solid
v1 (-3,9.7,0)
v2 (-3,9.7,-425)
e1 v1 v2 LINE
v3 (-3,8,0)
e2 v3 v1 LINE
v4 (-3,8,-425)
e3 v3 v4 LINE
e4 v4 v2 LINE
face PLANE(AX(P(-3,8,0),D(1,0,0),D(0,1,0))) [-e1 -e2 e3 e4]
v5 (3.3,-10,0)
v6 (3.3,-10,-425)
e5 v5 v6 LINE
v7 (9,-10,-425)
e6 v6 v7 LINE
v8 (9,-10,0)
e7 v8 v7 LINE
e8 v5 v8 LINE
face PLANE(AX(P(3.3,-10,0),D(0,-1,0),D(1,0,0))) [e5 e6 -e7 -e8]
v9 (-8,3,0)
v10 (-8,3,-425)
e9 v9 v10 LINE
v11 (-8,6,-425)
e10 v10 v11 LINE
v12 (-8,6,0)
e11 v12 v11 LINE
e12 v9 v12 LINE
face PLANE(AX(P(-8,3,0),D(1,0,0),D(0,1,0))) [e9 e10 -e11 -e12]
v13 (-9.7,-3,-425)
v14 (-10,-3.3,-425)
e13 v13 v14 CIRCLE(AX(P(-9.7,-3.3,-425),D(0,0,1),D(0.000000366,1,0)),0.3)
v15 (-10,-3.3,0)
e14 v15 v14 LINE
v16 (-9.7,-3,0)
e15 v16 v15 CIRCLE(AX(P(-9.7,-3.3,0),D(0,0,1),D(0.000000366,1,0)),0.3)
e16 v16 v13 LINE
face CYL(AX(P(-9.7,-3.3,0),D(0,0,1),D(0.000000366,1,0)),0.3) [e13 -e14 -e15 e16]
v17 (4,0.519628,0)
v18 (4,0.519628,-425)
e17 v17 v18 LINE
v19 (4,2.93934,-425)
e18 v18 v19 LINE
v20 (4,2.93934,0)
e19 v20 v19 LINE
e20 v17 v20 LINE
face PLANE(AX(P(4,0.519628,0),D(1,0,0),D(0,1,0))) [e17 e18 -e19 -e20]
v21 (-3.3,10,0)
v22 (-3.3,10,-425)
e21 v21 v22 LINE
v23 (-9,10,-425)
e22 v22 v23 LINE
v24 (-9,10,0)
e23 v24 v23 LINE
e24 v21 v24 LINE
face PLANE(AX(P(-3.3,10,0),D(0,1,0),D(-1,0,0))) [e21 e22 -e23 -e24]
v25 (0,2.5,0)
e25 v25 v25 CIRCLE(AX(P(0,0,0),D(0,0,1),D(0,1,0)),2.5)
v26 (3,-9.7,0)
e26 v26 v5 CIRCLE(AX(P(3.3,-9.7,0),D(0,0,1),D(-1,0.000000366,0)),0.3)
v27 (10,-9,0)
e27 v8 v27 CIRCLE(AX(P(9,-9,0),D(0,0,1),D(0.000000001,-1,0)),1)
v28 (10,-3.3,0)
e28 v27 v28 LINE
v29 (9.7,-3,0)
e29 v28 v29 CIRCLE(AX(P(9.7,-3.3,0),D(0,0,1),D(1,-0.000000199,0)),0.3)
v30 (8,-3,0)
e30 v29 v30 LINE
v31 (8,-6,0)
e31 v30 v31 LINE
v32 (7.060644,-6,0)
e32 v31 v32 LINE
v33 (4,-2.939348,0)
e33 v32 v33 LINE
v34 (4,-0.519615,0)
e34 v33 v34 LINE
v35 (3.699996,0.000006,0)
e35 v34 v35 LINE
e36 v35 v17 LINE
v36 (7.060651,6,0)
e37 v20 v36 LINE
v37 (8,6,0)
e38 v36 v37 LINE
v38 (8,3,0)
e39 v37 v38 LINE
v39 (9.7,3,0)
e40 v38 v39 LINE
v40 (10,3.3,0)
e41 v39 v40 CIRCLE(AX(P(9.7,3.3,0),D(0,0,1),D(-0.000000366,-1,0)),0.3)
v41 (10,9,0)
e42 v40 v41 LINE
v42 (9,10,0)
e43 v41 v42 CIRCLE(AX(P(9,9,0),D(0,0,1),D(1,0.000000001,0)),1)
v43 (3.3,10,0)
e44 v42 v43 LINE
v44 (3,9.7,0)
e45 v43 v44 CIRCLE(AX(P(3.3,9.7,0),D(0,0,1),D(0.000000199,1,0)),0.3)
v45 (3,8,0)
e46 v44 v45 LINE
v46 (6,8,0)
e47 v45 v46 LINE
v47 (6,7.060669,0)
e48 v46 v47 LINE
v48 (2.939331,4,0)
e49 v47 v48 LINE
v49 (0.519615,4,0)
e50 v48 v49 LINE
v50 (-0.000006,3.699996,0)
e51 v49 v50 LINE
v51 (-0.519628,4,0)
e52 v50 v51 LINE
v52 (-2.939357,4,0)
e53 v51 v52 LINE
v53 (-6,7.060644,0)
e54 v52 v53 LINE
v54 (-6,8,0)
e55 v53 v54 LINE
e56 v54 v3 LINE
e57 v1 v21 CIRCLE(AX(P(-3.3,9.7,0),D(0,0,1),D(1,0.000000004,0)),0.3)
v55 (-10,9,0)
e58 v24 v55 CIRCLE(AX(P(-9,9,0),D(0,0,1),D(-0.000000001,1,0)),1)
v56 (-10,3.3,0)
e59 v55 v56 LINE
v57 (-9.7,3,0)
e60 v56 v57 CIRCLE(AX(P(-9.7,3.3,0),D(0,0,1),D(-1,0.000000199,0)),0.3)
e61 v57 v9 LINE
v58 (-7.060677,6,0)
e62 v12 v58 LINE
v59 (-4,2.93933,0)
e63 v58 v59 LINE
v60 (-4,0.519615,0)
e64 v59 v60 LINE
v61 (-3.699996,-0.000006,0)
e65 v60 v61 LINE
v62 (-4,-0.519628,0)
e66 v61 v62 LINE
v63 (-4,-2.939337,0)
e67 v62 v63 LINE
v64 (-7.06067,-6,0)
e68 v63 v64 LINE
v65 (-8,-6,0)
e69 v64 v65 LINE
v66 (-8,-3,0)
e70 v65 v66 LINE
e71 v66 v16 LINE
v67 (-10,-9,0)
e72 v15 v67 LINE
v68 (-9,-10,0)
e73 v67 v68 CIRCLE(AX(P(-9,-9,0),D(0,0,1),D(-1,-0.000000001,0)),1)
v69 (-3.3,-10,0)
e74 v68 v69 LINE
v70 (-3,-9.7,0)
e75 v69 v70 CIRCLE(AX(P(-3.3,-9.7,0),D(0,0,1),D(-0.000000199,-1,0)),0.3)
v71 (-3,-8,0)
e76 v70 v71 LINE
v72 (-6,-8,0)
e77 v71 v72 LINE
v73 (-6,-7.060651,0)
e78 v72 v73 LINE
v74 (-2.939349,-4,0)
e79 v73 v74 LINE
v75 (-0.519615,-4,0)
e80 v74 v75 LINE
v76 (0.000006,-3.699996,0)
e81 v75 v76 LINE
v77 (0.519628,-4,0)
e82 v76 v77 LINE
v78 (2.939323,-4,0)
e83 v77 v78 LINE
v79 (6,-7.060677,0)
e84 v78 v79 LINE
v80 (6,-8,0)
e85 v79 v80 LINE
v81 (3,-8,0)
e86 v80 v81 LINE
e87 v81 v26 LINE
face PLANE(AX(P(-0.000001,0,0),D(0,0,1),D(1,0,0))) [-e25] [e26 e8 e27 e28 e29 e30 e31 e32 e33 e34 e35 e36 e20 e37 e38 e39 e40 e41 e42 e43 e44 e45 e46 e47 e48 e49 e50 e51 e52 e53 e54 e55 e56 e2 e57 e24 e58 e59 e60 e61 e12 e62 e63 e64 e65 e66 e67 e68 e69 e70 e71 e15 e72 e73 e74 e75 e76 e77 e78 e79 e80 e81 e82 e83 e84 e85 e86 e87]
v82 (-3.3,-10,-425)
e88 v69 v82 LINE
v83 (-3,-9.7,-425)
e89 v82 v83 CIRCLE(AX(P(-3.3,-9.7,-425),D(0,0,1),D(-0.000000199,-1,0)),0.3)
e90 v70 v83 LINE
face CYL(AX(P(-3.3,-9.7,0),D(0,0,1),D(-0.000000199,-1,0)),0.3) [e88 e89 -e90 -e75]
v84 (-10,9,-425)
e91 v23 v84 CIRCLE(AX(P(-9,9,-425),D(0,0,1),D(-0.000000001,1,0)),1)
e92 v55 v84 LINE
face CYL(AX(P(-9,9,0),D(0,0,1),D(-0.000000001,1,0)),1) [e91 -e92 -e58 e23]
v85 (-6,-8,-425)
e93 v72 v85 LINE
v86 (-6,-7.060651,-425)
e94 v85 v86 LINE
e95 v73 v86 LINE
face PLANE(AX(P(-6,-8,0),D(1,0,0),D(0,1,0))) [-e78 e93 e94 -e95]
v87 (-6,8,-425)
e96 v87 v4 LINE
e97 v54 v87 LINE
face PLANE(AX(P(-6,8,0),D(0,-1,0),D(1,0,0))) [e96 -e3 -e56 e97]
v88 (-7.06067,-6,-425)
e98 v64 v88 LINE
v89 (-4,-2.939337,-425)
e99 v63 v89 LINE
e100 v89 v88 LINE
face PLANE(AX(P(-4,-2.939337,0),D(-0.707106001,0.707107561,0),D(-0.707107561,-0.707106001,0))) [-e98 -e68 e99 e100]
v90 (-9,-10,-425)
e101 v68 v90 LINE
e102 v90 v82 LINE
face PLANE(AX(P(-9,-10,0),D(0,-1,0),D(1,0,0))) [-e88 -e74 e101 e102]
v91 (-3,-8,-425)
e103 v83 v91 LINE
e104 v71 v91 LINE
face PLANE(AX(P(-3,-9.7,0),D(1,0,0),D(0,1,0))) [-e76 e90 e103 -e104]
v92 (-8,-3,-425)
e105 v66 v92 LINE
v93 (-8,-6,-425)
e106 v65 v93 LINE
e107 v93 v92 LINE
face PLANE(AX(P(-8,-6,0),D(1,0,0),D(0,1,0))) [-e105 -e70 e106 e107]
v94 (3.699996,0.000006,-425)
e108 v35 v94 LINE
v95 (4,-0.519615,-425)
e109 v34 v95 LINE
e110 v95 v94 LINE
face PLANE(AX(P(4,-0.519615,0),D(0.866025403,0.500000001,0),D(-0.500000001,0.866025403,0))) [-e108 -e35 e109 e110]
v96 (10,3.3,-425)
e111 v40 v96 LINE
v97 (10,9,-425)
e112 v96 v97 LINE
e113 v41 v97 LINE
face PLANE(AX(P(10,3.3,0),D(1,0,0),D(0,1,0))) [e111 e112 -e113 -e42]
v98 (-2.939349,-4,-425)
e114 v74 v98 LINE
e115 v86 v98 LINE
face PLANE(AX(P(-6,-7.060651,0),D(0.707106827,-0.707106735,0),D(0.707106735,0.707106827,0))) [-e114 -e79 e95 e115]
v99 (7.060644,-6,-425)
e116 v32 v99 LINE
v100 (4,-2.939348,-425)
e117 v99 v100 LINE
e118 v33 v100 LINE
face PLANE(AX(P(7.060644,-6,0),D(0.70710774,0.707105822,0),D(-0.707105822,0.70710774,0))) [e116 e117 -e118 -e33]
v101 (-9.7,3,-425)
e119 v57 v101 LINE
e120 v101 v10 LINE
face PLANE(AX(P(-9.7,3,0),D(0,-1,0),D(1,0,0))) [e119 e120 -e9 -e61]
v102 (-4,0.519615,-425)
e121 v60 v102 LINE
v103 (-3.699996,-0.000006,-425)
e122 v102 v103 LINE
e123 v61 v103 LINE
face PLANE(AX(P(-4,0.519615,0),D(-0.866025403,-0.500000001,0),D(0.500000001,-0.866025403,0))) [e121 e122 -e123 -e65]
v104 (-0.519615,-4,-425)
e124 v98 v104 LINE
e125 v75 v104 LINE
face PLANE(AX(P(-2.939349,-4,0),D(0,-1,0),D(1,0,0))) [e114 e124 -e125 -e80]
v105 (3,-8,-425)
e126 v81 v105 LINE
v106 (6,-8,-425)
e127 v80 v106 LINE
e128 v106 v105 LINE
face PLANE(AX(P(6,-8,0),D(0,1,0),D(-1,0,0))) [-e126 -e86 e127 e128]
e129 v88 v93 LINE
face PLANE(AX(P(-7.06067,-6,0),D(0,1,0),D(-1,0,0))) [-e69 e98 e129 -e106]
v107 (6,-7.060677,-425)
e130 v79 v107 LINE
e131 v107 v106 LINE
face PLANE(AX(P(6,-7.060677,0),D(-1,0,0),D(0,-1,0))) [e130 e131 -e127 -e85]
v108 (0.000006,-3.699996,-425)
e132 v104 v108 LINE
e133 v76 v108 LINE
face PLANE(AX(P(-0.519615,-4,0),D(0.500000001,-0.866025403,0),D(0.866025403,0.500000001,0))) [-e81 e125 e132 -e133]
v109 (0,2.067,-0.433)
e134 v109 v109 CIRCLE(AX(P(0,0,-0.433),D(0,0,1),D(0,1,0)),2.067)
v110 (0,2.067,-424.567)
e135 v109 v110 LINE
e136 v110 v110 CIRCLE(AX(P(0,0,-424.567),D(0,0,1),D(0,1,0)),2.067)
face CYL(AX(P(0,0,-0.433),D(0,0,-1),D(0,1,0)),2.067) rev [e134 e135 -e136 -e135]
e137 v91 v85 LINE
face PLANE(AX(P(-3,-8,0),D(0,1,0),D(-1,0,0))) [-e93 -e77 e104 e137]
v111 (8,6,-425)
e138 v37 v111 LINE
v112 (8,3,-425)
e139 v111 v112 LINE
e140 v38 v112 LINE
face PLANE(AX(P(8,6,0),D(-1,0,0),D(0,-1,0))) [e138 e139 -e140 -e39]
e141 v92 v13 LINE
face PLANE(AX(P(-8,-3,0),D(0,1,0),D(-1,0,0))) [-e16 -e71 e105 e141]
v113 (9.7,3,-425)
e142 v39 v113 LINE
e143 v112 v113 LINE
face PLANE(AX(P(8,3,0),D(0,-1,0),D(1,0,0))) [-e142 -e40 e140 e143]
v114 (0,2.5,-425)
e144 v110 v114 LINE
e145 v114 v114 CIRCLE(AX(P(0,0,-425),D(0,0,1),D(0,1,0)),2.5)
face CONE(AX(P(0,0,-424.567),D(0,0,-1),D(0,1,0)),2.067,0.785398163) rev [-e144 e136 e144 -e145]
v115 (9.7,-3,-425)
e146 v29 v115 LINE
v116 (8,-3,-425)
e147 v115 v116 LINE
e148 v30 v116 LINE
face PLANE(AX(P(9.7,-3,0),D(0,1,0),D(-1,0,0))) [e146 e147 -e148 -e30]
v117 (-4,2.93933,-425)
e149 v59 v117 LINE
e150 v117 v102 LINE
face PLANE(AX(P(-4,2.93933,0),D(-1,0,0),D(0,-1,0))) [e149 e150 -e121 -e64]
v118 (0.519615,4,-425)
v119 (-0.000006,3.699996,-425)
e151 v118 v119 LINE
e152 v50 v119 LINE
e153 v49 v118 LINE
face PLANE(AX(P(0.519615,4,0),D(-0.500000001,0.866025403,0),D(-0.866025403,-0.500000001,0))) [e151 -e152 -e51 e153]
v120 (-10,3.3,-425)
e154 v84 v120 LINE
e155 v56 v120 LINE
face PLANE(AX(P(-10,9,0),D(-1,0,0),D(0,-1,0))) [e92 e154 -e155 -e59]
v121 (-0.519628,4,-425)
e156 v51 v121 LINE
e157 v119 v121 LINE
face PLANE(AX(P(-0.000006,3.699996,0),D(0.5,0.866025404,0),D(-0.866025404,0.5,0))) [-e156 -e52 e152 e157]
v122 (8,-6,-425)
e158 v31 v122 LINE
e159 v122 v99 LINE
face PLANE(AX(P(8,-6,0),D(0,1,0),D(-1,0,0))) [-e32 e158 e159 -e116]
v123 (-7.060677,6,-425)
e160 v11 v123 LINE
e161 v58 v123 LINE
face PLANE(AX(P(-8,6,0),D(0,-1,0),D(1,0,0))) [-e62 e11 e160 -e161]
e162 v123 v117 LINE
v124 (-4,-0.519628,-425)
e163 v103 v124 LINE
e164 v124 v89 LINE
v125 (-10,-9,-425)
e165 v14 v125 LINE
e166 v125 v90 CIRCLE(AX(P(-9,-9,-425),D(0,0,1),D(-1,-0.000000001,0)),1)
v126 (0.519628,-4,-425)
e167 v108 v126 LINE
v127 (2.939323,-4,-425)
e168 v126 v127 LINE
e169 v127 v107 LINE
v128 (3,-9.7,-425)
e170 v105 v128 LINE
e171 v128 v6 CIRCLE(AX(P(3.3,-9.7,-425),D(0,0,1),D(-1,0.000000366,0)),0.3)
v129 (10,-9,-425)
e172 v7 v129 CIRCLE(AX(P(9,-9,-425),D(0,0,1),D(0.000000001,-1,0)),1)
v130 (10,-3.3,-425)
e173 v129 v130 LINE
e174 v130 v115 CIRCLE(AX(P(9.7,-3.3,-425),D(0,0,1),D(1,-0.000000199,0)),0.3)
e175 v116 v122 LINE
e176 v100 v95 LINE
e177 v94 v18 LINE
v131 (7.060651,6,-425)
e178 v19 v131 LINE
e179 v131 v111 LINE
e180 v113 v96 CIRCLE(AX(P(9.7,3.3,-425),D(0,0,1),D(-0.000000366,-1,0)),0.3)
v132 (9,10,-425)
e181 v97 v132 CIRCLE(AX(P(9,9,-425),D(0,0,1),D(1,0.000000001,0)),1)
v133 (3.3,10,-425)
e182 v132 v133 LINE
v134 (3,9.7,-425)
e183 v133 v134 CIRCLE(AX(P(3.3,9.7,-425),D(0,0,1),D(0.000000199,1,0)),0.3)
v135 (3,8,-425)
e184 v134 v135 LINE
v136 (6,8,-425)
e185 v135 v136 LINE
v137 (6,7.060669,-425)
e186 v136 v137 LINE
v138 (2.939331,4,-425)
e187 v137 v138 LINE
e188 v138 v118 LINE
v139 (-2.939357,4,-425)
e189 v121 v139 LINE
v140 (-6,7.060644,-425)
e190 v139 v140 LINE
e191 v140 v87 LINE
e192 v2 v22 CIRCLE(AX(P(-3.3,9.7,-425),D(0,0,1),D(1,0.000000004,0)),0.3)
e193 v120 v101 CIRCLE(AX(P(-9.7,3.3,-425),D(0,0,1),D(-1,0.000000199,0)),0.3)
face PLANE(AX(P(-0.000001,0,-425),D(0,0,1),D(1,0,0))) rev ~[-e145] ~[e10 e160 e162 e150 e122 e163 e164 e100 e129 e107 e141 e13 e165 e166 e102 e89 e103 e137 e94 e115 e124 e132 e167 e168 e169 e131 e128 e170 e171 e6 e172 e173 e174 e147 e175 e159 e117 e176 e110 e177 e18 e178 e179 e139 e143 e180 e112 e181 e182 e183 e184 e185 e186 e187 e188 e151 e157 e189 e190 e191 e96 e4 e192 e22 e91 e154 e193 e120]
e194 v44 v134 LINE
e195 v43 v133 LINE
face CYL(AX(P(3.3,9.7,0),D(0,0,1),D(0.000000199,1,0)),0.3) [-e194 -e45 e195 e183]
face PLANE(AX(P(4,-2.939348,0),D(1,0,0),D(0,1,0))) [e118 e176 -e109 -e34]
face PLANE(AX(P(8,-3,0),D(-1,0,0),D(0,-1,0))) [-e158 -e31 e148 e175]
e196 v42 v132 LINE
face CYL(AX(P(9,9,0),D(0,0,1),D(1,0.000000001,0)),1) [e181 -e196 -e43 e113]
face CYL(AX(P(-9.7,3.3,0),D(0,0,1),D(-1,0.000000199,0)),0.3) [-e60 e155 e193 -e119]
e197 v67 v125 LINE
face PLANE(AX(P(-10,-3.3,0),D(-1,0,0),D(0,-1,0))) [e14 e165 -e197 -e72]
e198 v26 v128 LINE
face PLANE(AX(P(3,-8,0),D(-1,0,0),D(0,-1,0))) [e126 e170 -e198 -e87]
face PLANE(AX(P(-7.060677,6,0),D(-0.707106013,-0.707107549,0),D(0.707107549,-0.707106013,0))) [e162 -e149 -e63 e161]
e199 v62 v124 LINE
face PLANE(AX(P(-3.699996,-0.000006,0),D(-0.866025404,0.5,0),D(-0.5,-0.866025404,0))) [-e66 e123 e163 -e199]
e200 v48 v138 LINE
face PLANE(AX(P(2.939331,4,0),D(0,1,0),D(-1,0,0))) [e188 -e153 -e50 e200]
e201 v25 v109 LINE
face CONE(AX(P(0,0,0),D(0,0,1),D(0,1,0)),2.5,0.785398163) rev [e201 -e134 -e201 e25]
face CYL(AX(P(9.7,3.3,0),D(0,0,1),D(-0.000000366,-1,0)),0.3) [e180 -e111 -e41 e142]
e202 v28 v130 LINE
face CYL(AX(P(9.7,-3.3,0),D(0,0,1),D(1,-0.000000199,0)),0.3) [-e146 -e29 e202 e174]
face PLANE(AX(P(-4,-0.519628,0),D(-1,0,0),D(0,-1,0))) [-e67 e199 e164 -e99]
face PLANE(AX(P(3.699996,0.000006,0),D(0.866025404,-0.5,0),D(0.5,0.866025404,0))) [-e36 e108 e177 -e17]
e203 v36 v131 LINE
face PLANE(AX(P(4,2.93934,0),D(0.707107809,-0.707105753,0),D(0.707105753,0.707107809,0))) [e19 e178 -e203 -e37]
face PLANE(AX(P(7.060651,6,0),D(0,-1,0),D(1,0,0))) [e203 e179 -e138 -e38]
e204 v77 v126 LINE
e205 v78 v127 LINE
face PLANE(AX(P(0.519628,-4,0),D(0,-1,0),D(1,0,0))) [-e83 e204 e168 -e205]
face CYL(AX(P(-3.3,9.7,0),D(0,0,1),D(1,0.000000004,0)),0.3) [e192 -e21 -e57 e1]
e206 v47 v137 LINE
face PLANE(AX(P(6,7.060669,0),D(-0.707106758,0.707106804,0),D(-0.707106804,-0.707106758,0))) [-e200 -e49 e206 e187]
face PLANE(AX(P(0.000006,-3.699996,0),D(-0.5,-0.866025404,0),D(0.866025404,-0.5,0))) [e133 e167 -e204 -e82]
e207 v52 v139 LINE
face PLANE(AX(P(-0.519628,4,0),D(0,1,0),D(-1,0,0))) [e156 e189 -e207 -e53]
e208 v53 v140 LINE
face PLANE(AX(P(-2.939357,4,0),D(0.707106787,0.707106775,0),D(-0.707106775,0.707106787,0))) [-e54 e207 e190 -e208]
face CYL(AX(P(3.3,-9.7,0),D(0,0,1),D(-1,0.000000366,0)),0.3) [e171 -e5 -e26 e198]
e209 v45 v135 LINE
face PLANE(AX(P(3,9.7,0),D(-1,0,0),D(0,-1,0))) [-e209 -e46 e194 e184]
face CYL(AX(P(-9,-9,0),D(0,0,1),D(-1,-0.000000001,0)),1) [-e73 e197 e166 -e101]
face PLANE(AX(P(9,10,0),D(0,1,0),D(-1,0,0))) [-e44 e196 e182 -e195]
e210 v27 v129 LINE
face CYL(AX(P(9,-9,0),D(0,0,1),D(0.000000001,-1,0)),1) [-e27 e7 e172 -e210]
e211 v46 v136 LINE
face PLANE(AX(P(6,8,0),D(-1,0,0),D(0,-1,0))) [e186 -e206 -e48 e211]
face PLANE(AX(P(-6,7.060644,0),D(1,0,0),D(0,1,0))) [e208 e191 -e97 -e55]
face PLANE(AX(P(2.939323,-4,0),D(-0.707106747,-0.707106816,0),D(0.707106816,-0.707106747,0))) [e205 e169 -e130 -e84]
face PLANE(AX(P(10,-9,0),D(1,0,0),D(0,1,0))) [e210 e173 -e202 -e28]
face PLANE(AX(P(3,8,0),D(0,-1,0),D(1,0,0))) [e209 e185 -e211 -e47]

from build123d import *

# Parameters (mm, degrees)
BOSS_EXTRUDE1_DEPTH = 425


with BuildPart() as part:
    # Sketch1 → Boss-Extrude1 (new body)
    with BuildSketch(Plane.XY):
        with BuildLine():
            Line((-10, 9), (-10, 3.29999995))
            ThreePointArc((-10, 3.29999995), (-9.912132049, 3.087867916), (-9.7, 3))
            Line((-9.7, 3), (-8, 3))
            Line((-8, 3), (-8, 6))
            Line((-8, 6), (-7.060677, 6))
            Line((-7.060677, 6), (-4, 2.93932965))
            Line((-4, 2.93932965), (-4, 0.519615242))
            Line((-4, 0.519615242), (-3.699996283, -6.437e-06))
            Line((-3.699996283, -6.437e-06), (-4, -0.519628117))
            Line((-4, -0.519628117), (-4, -2.93933725))
            Line((-4, -2.93933725), (-7.0606695, -6))
            Line((-7.0606695, -6), (-8, -6))
            Line((-8, -6), (-8, -3))
            Line((-8, -3), (-9.7, -3))
            ThreePointArc((-9.7, -3), (-9.912132049, -3.087867916), (-10, -3.29999995))
            Line((-10, -3.29999995), (-10, -9))
            ThreePointArc((-10, -9), (-9.707106781, -9.707106781), (-9, -10))
            Line((-9, -10), (-3.29999995, -10))
            ThreePointArc((-3.29999995, -10), (-3.087867916, -9.912132049), (-3, -9.7))
            Line((-3, -9.7), (-3, -8))
            Line((-3, -8), (-6, -8))
            Line((-6, -8), (-6, -7.0606515))
            Line((-6, -7.0606515), (-2.9393489, -4))
            Line((-2.9393489, -4), (-0.519615242, -4))
            Line((-0.519615242, -4), (6.437e-06, -3.699996283))
            Line((6.437e-06, -3.699996283), (0.519628117, -4))
            Line((0.519628117, -4), (2.9393227, -4))
            Line((2.9393227, -4), (6, -7.060677))
            Line((6, -7.060677), (6, -8))
            Line((6, -8), (3, -8))
            Line((3, -8), (3, -9.7))
            ThreePointArc((3, -9.7), (3.087867916, -9.912132049), (3.29999995, -10))
            Line((3.29999995, -10), (9, -10))
            ThreePointArc((9, -10), (9.707106781, -9.707106781), (10, -9))
            Line((10, -9), (10, -3.29999995))
            ThreePointArc((10, -3.29999995), (9.912132049, -3.087867916), (9.7, -3))
            Line((9.7, -3), (8, -3))
            Line((8, -3), (8, -6))
            Line((8, -6), (7.0606435, -6))
            Line((7.0606435, -6), (4, -2.9393482))
            Line((4, -2.9393482), (4, -0.519615242))
            Line((4, -0.519615242), (3.699996283, 6.437e-06))
            Line((3.699996283, 6.437e-06), (4, 0.519628117))
            Line((4, 0.519628117), (4, 2.9393401))
            Line((4, 2.9393401), (7.060651, 6))
            Line((7.060651, 6), (8, 6))
            Line((8, 6), (8, 3))
            Line((8, 3), (9.7, 3))
            ThreePointArc((9.7, 3), (9.912132049, 3.087867916), (10, 3.29999995))
            Line((10, 3.29999995), (10, 9))
            ThreePointArc((10, 9), (9.707106781, 9.707106781), (9, 10))
            Line((9, 10), (3.29999995, 10))
            ThreePointArc((3.29999995, 10), (3.087867916, 9.912132049), (3, 9.7))
            Line((3, 9.7), (3, 8))
            Line((3, 8), (6, 8))
            Line((6, 8), (6, 7.060669))
            Line((6, 7.060669), (2.9393308, 4))
            Line((2.9393308, 4), (0.519615242, 4))
            Line((0.519615242, 4), (-6.437e-06, 3.699996283))
            Line((-6.437e-06, 3.699996283), (-0.519628117, 4))
            Line((-0.519628117, 4), (-2.93935655, 4))
            Line((-2.93935655, 4), (-6, 7.0606435))
            Line((-6, 7.0606435), (-6, 8))
            Line((-6, 8), (-3, 8))
            Line((-3, 8), (-3, 9.7))
            ThreePointArc((-3, 9.7), (-3.087867966, 9.912132034), (-3.3, 10))
            Line((-3.3, 10), (-9, 10))
            ThreePointArc((-9, 10), (-9.707106781, 9.707106781), (-10, 9))
        make_face()
    extrude(amount=-BOSS_EXTRUDE1_DEPTH)

    # Sketch2 → Cut-Revolve1 (revolve, cut)
    with BuildSketch(Plane(origin=(0, 0, 0), x_dir=(0, 0, -1), z_dir=(1, 0, 0))):
        Polygon((0, 0), (0, 2.5), (0.433, 2.067), (425, 2.067), (425, 0), align=None)
    revolve(axis=Axis((0, 0, -425), (0, 0, 1)), mode=Mode.SUBTRACT)

    # Sketch3 → Cut-Revolve2 (revolve, cut)
    with BuildSketch(Plane(origin=(0, 0, 0), x_dir=(0, 0, -1), z_dir=(1, 0, 0))):
        Polygon((0, 0), (0, 2.067), (424.567, 2.067), (425, 2.5), (425, 0), align=None)
    revolve(axis=Axis((0, 0, -425), (0, 0, 1)), mode=Mode.SUBTRACT)


solid = part.part
